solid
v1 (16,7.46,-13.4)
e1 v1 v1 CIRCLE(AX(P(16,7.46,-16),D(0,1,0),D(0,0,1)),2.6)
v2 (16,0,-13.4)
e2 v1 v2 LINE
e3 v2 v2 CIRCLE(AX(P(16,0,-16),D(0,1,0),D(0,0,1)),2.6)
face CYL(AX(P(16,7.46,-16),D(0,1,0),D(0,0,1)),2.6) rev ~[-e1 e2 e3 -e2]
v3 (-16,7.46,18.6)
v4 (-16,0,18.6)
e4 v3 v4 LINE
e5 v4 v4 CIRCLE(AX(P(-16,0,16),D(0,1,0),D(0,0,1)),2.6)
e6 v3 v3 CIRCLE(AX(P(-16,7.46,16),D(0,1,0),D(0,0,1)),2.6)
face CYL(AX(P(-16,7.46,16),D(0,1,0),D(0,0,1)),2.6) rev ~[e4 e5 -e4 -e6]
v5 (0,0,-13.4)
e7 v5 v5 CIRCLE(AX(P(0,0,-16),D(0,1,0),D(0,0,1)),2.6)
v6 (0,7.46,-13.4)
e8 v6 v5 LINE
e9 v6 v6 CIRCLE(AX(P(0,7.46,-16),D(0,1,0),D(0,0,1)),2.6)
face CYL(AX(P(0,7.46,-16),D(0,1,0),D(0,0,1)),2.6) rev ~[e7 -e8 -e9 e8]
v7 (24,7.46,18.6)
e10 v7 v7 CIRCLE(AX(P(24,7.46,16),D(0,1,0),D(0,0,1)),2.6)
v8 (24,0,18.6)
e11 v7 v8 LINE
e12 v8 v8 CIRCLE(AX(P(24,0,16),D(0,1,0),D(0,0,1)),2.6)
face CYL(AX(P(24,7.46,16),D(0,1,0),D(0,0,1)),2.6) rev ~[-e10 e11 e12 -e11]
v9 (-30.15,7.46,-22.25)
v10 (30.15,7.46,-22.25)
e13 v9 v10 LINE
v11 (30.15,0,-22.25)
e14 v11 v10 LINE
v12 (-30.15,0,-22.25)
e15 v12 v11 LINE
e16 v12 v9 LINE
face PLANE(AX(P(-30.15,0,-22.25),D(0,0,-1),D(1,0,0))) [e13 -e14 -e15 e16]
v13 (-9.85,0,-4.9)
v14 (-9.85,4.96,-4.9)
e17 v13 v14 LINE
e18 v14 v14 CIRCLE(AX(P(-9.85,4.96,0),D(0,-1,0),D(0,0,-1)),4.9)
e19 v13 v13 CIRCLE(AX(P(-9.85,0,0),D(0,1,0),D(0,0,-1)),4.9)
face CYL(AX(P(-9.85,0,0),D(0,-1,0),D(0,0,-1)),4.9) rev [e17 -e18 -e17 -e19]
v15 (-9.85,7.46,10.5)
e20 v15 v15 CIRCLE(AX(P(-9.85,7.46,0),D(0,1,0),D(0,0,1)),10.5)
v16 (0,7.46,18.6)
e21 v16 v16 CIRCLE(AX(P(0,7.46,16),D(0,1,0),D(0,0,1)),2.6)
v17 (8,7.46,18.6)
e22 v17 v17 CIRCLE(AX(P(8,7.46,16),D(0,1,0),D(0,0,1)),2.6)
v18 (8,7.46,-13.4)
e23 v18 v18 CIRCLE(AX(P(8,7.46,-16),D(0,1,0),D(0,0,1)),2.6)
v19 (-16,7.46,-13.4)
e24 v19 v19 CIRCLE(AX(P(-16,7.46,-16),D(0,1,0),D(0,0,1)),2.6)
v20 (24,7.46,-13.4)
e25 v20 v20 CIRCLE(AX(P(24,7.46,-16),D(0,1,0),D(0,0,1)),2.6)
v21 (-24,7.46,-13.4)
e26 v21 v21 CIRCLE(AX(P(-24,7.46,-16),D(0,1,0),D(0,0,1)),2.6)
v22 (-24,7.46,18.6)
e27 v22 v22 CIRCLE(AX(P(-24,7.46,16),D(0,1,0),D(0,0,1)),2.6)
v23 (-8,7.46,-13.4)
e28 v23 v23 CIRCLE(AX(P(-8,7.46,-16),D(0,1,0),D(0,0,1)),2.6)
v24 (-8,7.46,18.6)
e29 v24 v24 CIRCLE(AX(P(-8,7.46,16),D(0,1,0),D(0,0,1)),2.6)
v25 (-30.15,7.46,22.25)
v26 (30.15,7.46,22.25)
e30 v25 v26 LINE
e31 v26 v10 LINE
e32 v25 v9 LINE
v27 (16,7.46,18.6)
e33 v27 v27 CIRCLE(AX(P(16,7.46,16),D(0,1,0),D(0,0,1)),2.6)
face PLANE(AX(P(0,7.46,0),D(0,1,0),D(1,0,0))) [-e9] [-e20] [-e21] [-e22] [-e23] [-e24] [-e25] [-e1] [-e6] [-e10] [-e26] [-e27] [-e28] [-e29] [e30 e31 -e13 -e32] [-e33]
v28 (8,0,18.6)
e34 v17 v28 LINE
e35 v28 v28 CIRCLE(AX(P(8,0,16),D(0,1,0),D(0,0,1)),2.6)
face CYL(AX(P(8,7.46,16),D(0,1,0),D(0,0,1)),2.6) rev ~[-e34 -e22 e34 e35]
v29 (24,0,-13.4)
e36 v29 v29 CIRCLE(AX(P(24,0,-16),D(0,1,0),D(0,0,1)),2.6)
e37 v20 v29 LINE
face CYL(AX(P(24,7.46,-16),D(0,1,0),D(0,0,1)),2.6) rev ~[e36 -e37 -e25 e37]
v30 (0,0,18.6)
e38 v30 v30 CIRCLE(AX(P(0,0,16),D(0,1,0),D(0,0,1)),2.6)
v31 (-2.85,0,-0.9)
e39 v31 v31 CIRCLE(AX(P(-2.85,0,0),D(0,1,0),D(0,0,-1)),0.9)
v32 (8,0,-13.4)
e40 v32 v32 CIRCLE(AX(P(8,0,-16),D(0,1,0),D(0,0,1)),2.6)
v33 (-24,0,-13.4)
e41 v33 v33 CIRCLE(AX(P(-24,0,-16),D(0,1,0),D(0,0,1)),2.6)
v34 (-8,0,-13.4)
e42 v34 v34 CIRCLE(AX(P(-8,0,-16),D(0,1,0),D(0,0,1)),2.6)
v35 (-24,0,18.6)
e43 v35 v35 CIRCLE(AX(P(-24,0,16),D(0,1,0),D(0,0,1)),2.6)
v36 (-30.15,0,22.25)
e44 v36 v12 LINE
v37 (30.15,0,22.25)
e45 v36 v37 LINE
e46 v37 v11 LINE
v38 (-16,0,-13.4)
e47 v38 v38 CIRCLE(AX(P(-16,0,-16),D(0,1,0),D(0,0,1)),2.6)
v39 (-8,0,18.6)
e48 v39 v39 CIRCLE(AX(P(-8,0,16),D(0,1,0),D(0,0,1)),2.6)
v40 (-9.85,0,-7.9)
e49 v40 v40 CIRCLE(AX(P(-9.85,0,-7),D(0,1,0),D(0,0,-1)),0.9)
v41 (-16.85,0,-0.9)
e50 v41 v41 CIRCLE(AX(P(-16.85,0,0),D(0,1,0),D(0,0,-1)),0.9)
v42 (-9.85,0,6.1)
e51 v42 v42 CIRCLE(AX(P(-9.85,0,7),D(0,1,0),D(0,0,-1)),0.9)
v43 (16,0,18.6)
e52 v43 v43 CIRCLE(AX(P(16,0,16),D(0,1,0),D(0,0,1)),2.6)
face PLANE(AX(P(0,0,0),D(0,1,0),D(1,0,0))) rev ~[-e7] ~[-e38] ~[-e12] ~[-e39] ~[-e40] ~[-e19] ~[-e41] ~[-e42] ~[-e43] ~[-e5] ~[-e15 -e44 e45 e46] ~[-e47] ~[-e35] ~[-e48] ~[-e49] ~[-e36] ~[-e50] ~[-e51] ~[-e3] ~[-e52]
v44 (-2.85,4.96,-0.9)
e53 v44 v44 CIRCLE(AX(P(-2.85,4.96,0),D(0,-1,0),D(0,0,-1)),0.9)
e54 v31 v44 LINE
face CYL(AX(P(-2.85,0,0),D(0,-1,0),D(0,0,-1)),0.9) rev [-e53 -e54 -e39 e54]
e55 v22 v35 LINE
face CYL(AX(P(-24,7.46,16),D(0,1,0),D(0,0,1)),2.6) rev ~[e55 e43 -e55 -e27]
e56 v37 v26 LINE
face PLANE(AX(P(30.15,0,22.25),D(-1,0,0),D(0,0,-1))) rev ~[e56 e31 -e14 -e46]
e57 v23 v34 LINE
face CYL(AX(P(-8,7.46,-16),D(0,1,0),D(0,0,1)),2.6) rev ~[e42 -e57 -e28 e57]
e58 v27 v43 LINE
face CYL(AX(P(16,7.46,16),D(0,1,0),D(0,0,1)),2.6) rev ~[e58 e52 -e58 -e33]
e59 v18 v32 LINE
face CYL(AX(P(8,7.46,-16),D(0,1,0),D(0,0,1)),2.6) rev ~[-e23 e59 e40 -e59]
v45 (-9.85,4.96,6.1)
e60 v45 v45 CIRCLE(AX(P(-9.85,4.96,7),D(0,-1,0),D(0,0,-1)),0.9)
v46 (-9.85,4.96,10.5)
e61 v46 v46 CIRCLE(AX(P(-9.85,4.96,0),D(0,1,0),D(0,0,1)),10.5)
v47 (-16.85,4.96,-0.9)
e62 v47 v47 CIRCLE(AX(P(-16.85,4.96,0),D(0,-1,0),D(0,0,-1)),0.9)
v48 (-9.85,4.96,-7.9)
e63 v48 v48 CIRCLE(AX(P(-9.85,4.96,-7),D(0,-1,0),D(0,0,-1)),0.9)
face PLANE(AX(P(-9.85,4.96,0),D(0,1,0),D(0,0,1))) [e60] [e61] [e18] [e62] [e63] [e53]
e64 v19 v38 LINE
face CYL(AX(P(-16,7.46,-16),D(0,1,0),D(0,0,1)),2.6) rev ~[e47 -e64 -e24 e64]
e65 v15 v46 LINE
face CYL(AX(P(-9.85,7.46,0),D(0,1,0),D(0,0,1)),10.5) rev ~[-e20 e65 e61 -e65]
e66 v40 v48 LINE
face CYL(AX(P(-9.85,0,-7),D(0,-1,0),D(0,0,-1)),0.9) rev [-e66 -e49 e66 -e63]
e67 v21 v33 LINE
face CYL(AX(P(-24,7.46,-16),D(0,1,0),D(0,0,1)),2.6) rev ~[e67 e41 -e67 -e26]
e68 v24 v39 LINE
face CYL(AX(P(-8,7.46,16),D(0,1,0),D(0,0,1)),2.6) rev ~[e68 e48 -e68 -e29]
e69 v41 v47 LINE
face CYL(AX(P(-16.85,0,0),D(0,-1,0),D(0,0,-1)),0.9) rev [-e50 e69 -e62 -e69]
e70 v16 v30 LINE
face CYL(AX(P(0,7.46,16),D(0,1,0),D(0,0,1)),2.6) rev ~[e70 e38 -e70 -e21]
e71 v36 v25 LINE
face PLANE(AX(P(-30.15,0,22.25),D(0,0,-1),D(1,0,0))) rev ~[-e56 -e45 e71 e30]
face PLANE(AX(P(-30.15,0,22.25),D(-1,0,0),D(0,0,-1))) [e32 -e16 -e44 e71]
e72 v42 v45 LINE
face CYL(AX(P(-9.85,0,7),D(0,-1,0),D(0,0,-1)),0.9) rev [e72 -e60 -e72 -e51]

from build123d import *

# Parameters (mm, degrees)
SKETCH3_W           = 60.3
SKETCH3_H           = 44.5
SKETCH3_R           = 0.9
SKETCH3_R_2         = 4.9
BOSS_EXTRUDE1_DEPTH = 7.46
SKETCH4_R           = 10.5
CUT_EXTRUDE1_DEPTH  = 2.5
SKETCH5_R           = 2.6
CUT_EXTRUDE2_DEPTH  = 39.206499447


with BuildPart() as part:
    # Sketch3 → Boss-Extrude1 (new body)
    with BuildSketch(Plane(origin=(0, 0, 0), x_dir=(1, 0, 0), z_dir=(0, 1, 0))):
        Rectangle(SKETCH3_W, SKETCH3_H)
        with Locations(Location((-9.85, 7, 0), (0, 0, 90))):
            Circle(SKETCH3_R, mode=Mode.SUBTRACT)
        with Locations(Location((-16.85, 0, 0), (0, 0, 90))):
            Circle(SKETCH3_R, mode=Mode.SUBTRACT)
        with Locations(Location((-9.85, -7, 0), (0, 0, 90))):
            Circle(SKETCH3_R, mode=Mode.SUBTRACT)
        with Locations(Location((-2.85, 0, 0), (0, 0, 90))):
            Circle(SKETCH3_R, mode=Mode.SUBTRACT)
        with Locations(Location((-9.85, 0, 0), (0, 0, 90))):
            Circle(SKETCH3_R_2, mode=Mode.SUBTRACT)
    extrude(amount=BOSS_EXTRUDE1_DEPTH)

    # Sketch4 → Cut-Extrude1 (cut)
    with BuildSketch(Plane(origin=(0, 7.46, 0), x_dir=(1, 0, 0), z_dir=(0, 1, 0))):
        with Locations(Location((-9.85, 0, 0), (0, 0, 270))):
            Circle(SKETCH4_R)
    extrude(amount=-CUT_EXTRUDE1_DEPTH, mode=Mode.SUBTRACT)

    # Sketch5 → Cut-Extrude2 (cut, through all)
    with BuildSketch(Plane(origin=(0, 7.46, 0), x_dir=(1, 0, 0), z_dir=(0, 1, 0))):
        with Locations(Location((0, 16, 0), (0, 0, 270))):
            Circle(SKETCH5_R)
        with Locations(Location((8, 16, 0), (0, 0, 270))):
            Circle(SKETCH5_R)
        with Locations(Location((16, 16, 0), (0, 0, 270))):
            Circle(SKETCH5_R)
        with Locations(Location((24, 16, 0), (0, 0, 270))):
            Circle(SKETCH5_R)
        with Locations(Location((-24, 16, 0), (0, 0, 270))):
            Circle(SKETCH5_R)
        with Locations(Location((-16, 16, 0), (0, 0, 270))):
            Circle(SKETCH5_R)
        with Locations(Location((-8, 16, 0), (0, 0, 270))):
            Circle(SKETCH5_R)
        with Locations(Location((-8, -16, 0), (0, 0, 270))):
            Circle(SKETCH5_R)
        with Locations(Location((-16, -16, 0), (0, 0, 270))):
            Circle(SKETCH5_R)
        with Locations(Location((-24, -16, 0), (0, 0, 270))):
            Circle(SKETCH5_R)
        with Locations(Location((24, -16, 0), (0, 0, 270))):
            Circle(SKETCH5_R)
        with Locations(Location((16, -16, 0), (0, 0, 270))):
            Circle(SKETCH5_R)
        with Locations(Location((8, -16, 0), (0, 0, 270))):
            Circle(SKETCH5_R)
        with Locations(Location((0, -16, 0), (0, 0, 270))):
            Circle(SKETCH5_R)
    extrude(amount=-CUT_EXTRUDE2_DEPTH, mode=Mode.SUBTRACT)


solid = part.part
